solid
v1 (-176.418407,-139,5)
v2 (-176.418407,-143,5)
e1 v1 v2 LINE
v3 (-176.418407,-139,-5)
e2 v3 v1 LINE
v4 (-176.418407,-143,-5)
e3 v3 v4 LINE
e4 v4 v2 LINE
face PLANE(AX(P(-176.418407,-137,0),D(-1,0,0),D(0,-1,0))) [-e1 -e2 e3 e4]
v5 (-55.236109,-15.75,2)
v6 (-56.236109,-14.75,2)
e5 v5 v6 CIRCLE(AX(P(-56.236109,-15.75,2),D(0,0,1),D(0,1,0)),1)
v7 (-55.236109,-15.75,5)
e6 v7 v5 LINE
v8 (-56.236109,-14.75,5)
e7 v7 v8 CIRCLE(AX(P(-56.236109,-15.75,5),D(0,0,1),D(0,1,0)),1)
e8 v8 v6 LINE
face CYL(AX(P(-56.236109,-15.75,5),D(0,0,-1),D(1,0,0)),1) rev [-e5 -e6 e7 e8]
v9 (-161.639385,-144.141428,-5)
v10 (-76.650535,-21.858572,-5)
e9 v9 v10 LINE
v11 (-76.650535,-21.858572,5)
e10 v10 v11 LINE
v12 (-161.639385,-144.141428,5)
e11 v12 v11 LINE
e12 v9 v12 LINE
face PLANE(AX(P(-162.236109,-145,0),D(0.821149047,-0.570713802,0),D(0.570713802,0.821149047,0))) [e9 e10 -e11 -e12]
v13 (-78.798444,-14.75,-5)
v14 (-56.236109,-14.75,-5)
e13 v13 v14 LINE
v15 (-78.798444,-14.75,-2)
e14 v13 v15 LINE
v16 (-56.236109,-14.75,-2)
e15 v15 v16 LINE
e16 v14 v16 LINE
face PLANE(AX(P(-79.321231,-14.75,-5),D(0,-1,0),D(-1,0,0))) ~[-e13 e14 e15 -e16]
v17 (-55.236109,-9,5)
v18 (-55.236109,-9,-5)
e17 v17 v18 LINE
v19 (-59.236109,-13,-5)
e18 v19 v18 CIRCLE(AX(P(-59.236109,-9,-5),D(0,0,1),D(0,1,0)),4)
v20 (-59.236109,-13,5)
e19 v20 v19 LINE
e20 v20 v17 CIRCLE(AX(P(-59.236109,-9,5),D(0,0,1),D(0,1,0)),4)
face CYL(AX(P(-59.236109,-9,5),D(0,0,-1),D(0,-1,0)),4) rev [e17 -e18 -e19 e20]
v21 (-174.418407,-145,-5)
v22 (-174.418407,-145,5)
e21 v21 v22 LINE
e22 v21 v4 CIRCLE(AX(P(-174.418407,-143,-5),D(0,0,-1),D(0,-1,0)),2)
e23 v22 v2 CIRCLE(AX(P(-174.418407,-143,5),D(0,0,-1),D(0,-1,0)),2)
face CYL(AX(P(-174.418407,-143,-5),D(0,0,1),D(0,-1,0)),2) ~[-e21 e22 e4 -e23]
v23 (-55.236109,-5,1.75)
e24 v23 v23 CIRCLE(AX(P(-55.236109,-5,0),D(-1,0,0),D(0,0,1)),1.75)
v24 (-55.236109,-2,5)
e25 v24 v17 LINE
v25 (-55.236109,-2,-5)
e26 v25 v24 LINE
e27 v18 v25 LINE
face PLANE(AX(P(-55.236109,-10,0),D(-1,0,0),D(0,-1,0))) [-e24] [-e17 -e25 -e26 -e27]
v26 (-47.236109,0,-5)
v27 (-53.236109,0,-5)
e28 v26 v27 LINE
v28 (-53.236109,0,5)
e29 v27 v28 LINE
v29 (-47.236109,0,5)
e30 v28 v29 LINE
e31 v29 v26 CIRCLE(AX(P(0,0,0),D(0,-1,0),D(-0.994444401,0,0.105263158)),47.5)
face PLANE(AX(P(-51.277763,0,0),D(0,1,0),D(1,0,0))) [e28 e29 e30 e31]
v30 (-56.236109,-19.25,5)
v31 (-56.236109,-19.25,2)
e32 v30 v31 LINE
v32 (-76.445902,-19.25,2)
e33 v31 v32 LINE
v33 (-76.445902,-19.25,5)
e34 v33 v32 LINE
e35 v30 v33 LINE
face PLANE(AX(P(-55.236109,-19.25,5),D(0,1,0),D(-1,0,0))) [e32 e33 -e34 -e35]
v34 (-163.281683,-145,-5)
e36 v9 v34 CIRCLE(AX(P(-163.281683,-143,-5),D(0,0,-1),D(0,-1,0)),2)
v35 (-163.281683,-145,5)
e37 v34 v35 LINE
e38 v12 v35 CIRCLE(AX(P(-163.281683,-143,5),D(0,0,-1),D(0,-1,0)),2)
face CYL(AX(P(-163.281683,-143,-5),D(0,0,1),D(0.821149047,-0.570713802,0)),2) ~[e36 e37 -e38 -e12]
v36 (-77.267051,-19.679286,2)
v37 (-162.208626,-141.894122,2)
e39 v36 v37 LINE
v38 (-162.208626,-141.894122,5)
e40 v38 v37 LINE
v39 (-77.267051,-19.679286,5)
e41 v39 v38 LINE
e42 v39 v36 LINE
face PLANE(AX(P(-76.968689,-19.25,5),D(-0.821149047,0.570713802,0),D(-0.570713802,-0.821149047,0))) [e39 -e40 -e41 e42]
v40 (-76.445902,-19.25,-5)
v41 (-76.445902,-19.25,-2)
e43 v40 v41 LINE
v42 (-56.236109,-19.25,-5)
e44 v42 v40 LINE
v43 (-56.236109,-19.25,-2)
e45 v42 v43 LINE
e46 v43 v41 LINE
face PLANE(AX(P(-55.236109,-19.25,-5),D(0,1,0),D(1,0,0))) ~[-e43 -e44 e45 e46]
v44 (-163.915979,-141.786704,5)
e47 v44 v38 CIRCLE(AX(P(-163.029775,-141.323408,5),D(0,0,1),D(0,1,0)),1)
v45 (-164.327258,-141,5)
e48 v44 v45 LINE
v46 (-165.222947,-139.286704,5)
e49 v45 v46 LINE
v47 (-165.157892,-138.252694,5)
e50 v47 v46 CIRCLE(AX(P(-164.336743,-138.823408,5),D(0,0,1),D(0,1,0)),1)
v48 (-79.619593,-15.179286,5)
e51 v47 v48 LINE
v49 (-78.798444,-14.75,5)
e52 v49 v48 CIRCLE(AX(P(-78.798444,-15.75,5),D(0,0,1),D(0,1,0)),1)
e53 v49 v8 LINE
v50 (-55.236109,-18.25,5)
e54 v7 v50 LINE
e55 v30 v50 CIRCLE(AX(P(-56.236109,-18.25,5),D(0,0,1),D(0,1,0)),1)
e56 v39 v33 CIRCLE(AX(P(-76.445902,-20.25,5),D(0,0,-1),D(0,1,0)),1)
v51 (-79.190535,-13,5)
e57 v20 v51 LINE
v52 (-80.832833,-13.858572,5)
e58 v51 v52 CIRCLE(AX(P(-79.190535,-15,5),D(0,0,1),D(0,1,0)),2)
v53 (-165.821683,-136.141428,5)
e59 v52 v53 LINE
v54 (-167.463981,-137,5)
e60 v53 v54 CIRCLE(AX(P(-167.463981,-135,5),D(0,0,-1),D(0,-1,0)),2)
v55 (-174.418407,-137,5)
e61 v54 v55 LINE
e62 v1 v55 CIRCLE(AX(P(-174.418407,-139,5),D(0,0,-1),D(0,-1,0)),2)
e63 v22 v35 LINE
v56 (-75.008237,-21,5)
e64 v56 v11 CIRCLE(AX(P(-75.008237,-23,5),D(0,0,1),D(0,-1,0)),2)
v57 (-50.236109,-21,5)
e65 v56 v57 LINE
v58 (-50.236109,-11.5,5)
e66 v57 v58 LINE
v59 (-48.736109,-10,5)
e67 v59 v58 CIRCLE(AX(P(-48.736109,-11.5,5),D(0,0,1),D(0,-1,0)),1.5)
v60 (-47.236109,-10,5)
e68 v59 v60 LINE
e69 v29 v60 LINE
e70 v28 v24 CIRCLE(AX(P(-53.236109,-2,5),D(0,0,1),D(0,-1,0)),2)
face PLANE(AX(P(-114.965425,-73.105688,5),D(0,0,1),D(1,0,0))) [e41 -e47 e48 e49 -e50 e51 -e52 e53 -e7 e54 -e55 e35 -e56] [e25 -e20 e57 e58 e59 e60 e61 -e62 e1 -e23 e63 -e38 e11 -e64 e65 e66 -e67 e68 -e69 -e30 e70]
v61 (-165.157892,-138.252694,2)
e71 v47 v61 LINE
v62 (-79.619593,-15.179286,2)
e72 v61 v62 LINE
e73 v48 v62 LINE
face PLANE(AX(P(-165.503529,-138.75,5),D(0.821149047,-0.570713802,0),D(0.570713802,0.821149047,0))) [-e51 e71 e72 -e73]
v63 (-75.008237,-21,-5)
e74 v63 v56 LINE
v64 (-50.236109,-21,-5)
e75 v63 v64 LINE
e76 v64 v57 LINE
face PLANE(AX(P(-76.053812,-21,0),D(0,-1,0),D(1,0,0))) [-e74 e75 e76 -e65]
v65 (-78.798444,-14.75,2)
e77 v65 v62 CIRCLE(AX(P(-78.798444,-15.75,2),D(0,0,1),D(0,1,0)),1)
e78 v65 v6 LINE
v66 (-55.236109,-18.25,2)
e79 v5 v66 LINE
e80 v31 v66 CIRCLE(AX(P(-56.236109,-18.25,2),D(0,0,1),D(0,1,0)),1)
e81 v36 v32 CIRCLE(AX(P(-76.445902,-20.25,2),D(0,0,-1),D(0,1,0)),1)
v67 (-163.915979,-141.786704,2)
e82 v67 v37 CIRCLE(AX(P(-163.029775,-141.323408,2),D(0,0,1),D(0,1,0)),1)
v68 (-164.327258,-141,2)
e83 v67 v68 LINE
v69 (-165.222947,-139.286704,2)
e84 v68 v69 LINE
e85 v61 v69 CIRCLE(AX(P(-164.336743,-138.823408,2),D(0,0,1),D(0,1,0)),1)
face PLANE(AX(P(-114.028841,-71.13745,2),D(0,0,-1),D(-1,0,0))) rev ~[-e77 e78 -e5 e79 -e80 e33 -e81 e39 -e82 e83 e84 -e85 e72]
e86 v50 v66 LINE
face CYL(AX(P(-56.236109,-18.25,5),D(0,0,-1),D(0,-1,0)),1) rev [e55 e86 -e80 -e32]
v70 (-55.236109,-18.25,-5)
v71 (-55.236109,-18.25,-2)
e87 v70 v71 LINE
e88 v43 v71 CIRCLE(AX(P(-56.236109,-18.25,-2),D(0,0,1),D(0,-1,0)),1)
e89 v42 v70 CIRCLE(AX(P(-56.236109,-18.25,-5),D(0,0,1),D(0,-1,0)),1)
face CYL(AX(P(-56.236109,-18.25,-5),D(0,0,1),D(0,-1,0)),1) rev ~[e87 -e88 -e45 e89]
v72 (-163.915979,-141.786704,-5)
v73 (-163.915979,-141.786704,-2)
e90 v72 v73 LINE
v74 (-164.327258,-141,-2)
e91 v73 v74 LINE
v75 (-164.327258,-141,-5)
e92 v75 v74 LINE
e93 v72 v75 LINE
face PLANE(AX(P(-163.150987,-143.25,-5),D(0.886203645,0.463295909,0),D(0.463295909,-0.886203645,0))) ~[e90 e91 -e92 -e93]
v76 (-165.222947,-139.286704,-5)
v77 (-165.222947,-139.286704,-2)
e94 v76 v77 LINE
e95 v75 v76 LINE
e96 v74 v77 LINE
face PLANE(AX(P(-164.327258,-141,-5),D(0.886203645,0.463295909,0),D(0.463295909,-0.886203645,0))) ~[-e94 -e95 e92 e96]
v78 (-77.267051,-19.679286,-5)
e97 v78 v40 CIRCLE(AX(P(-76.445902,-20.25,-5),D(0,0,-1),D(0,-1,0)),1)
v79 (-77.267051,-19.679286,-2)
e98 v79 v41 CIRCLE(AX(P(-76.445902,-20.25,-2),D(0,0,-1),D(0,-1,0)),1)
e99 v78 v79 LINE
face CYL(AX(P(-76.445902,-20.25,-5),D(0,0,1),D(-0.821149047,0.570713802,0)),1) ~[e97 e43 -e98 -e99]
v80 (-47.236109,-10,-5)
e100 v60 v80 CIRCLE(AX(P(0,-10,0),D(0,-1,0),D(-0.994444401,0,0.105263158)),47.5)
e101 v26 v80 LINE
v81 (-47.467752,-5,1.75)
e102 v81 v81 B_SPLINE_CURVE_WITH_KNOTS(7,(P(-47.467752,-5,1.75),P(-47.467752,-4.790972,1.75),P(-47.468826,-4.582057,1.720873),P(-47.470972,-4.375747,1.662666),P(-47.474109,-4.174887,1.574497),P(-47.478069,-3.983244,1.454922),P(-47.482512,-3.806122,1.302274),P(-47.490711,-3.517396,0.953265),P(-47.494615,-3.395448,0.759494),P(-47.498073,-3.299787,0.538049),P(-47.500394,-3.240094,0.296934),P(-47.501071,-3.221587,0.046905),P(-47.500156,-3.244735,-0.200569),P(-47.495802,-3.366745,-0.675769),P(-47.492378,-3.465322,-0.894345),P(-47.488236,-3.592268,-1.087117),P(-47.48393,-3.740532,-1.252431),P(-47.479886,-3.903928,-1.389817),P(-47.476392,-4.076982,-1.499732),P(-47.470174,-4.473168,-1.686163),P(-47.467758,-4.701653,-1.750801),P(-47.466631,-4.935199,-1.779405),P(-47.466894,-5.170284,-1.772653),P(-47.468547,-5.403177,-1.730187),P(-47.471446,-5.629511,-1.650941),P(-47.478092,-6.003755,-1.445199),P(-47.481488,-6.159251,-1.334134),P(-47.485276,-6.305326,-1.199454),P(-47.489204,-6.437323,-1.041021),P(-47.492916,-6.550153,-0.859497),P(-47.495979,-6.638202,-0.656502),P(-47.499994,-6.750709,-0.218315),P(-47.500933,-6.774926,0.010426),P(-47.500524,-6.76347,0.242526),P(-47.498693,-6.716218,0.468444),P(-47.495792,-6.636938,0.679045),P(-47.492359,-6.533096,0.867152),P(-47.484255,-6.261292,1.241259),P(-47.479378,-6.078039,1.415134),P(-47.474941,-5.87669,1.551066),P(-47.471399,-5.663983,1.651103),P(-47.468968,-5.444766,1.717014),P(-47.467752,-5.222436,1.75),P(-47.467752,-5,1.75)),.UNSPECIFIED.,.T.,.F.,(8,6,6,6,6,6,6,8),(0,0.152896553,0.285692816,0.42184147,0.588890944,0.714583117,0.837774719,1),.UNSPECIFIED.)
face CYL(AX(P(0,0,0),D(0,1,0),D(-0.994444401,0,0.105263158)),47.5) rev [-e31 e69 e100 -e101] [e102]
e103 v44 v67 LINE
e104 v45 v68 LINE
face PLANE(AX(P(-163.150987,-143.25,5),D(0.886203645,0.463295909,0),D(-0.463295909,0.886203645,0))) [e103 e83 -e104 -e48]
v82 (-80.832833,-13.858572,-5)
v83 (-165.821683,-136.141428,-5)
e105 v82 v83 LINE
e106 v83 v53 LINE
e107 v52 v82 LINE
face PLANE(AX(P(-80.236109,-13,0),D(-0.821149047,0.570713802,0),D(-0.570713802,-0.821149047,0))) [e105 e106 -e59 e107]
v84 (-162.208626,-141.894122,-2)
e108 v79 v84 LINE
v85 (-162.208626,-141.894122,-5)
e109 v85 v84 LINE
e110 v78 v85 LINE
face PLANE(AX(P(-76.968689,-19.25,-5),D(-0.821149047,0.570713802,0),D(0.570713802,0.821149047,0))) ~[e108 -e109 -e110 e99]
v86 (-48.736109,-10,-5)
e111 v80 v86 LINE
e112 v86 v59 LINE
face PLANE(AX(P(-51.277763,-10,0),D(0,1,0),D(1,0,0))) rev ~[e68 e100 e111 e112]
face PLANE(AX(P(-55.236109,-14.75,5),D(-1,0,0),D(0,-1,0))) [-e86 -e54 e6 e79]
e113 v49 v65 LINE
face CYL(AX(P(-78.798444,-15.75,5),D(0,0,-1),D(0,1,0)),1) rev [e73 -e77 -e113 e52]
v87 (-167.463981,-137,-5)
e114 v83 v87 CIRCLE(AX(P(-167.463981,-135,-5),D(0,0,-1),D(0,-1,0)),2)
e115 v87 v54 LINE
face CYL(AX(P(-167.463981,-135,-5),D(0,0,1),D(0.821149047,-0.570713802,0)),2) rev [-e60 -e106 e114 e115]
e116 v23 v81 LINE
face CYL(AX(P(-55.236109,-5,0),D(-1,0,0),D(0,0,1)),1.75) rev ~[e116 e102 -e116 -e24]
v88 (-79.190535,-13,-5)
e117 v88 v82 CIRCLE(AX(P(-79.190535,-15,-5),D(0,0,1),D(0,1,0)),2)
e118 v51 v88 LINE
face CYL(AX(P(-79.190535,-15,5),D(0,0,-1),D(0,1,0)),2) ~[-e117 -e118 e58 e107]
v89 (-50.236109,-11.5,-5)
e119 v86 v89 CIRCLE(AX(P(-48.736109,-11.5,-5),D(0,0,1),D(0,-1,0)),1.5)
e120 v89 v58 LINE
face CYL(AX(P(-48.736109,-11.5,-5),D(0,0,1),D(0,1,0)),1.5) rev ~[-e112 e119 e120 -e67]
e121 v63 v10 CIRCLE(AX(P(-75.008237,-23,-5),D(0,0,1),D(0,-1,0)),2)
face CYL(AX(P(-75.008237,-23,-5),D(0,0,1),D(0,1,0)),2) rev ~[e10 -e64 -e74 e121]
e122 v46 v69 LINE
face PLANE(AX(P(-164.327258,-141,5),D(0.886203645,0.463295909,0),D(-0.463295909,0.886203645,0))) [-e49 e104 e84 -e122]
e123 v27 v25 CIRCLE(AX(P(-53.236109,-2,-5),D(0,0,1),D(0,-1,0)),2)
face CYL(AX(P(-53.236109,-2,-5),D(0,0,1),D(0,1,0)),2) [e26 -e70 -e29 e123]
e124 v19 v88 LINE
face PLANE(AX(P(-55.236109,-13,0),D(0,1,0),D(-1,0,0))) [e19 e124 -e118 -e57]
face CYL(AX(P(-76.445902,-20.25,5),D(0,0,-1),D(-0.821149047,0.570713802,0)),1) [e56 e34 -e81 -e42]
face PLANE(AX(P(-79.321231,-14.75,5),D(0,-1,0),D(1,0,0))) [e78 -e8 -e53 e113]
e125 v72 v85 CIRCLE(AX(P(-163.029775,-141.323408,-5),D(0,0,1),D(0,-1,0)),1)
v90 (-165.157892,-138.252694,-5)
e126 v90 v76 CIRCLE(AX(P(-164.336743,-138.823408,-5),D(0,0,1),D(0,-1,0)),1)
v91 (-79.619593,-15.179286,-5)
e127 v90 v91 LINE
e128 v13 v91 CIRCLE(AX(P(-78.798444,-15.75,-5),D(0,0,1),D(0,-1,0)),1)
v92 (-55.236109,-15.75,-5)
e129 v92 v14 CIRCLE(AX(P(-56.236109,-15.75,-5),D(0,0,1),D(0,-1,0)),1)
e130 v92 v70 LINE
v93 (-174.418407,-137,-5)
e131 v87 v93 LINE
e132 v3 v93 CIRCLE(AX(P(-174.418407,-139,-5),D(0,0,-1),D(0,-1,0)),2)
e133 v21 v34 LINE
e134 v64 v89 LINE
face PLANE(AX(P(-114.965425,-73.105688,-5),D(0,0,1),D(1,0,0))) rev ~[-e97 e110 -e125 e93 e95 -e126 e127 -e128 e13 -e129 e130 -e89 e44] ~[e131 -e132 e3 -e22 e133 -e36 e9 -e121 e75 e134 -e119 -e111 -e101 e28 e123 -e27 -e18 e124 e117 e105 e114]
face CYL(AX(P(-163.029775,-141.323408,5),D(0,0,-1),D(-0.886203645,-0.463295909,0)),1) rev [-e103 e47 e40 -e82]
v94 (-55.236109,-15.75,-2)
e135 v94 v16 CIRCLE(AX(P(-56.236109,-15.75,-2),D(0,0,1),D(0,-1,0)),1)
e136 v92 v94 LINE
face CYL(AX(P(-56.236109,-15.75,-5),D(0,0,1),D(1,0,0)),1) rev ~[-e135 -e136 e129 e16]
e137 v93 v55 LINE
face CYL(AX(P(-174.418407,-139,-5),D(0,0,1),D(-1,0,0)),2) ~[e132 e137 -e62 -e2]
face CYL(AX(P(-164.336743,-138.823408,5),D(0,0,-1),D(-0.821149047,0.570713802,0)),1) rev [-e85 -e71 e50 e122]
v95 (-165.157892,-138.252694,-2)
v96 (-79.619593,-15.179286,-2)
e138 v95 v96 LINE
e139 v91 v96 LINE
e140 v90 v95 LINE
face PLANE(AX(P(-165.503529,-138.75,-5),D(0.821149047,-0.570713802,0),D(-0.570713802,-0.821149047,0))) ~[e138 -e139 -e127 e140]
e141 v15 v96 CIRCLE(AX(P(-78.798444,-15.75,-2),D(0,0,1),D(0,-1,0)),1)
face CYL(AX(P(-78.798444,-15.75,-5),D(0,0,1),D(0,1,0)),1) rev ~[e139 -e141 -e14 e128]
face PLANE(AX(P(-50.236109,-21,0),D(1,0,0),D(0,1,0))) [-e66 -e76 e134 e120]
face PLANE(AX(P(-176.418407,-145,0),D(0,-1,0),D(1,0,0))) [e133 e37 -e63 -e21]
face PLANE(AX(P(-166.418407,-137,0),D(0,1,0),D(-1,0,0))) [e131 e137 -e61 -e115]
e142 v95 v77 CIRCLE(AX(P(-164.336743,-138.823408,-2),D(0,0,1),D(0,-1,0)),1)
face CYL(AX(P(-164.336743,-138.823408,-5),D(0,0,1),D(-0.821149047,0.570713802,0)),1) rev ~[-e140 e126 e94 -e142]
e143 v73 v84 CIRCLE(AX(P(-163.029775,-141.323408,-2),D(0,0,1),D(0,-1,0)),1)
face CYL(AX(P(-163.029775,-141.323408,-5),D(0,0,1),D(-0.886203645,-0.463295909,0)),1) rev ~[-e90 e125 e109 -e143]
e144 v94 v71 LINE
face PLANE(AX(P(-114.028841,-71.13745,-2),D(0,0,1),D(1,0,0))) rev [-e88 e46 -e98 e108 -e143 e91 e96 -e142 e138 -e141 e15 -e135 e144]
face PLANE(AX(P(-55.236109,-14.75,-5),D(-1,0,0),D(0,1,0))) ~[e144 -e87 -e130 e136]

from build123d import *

# Parameters (mm, degrees)
BOSS_EXTRUDE1_DEPTH = 10
SKETCH2_R           = 1.75
CUT_EXTRUDE1_DEPTH  = 10
BOSS_EXTRUDE2_DEPTH = 5
CUT_EXTRUDE2_DEPTH  = 3
FILLET1_R           = 4
FILLET2_R           = 1.5
FILLET3_R           = 2
FILLET4_R           = 1


with BuildPart() as part:
    # Sketch1 → Boss-Extrude1 (new body)
    with BuildSketch(Plane(origin=(0, 0, 0), x_dir=(1, 0, 0), z_dir=(0, 1, 0))):
        with BuildLine():
            Line((-47.236109069, 5), (-55.236109069, 5))
            Line((-55.236109069, 5), (-55.236109069, -5))
            Line((-55.236109069, -5), (-47.236109069, -5))
            ThreePointArc((-47.236109069, -5), (-47.5, 0), (-47.236109069, 5))
        make_face()
    extrude(amount=-BOSS_EXTRUDE1_DEPTH)

    # Sketch2 → Cut-Extrude1 (cut)
    with BuildSketch(Plane.ZY.offset(55.236109069)):
        with Locations((0, -5)):
            Circle(SKETCH2_R)
    extrude(amount=-CUT_EXTRUDE1_DEPTH, mode=Mode.SUBTRACT)

    # Sketch3 → Boss-Extrude2 (add, symmetric)
    with BuildSketch(Plane.XY):
        Polygon((-80.236109069, -13), (-166.418406548, -137), (-176.418406548, -137), (-176.418406548, -145), (-162.236109069, -145), (-76.053811591, -21), (-50.236109069, -21), (-50.236109069, -10), (-55.236109069, -10), (-55.236109069, -13), align=None)
    extrude(amount=BOSS_EXTRUDE2_DEPTH, both=True)

    # Sketch4 → Cut-Extrude2 (cut)
    with BuildSketch(Plane.XY.offset(5)):
        Polygon((-164.327257809, -141), (-165.503528974, -138.75), (-79.321231496, -14.75), (-55.236109069, -14.75), (-55.236109069, -19.25), (-76.968689164, -19.25), (-163.150986643, -143.25), align=None)
    cut_extrude2 = extrude(amount=-CUT_EXTRUDE2_DEPTH, mode=Mode.SUBTRACT)

    # Mirror1: Cut-Extrude2 across plane
    add(cut_extrude2.mirror(Plane.XY), mode=Mode.SUBTRACT)

    # Fillet1
    fillet1_edges = [part.edges().sort_by_distance(p)[0] for p in [
        (-55.236109069, -13, 0),
    ]]
    fillet(fillet1_edges, radius=FILLET1_R)

    # Fillet2
    fillet2_edges = [part.edges().sort_by_distance(p)[0] for p in [
        (-50.236109069, -10, 0),
    ]]
    fillet(fillet2_edges, radius=FILLET2_R)

    # Fillet3
    fillet3_edges = [part.edges().sort_by_distance(p)[0] for p in [
        (-80.236109069, -13, 0),
        (-166.418406548, -137, 0),
        (-176.418406548, -137, 0),
        (-176.418406548, -145, 0),
        (-162.236109069, -145, 0),
        (-76.053811591, -21, 0),
        (-55.236109069, 0, 0),
    ]]
    fillet(fillet3_edges, radius=FILLET3_R)

    # Fillet4
    fillet4_edges = [part.edges().sort_by_distance(p)[0] for p in [
        (-55.236109069, -14.75, 3.5),
        (-55.236109069, -19.25, 3.5),
        (-76.968689164, -19.25, 3.5),
        (-163.150986643, -143.25, 3.5),
        (-165.503528974, -138.75, 3.5),
        (-79.321231496, -14.75, 3.5),
        (-55.236109069, -19.25, -3.5),
        (-55.236109069, -14.75, -3.5),
        (-79.321231496, -14.75, -3.5),
        (-165.503528974, -138.75, -3.5),
        (-163.150986643, -143.25, -3.5),
        (-76.968689164, -19.25, -3.5),
    ]]
    fillet(fillet4_edges, radius=FILLET4_R)


solid = part.part
